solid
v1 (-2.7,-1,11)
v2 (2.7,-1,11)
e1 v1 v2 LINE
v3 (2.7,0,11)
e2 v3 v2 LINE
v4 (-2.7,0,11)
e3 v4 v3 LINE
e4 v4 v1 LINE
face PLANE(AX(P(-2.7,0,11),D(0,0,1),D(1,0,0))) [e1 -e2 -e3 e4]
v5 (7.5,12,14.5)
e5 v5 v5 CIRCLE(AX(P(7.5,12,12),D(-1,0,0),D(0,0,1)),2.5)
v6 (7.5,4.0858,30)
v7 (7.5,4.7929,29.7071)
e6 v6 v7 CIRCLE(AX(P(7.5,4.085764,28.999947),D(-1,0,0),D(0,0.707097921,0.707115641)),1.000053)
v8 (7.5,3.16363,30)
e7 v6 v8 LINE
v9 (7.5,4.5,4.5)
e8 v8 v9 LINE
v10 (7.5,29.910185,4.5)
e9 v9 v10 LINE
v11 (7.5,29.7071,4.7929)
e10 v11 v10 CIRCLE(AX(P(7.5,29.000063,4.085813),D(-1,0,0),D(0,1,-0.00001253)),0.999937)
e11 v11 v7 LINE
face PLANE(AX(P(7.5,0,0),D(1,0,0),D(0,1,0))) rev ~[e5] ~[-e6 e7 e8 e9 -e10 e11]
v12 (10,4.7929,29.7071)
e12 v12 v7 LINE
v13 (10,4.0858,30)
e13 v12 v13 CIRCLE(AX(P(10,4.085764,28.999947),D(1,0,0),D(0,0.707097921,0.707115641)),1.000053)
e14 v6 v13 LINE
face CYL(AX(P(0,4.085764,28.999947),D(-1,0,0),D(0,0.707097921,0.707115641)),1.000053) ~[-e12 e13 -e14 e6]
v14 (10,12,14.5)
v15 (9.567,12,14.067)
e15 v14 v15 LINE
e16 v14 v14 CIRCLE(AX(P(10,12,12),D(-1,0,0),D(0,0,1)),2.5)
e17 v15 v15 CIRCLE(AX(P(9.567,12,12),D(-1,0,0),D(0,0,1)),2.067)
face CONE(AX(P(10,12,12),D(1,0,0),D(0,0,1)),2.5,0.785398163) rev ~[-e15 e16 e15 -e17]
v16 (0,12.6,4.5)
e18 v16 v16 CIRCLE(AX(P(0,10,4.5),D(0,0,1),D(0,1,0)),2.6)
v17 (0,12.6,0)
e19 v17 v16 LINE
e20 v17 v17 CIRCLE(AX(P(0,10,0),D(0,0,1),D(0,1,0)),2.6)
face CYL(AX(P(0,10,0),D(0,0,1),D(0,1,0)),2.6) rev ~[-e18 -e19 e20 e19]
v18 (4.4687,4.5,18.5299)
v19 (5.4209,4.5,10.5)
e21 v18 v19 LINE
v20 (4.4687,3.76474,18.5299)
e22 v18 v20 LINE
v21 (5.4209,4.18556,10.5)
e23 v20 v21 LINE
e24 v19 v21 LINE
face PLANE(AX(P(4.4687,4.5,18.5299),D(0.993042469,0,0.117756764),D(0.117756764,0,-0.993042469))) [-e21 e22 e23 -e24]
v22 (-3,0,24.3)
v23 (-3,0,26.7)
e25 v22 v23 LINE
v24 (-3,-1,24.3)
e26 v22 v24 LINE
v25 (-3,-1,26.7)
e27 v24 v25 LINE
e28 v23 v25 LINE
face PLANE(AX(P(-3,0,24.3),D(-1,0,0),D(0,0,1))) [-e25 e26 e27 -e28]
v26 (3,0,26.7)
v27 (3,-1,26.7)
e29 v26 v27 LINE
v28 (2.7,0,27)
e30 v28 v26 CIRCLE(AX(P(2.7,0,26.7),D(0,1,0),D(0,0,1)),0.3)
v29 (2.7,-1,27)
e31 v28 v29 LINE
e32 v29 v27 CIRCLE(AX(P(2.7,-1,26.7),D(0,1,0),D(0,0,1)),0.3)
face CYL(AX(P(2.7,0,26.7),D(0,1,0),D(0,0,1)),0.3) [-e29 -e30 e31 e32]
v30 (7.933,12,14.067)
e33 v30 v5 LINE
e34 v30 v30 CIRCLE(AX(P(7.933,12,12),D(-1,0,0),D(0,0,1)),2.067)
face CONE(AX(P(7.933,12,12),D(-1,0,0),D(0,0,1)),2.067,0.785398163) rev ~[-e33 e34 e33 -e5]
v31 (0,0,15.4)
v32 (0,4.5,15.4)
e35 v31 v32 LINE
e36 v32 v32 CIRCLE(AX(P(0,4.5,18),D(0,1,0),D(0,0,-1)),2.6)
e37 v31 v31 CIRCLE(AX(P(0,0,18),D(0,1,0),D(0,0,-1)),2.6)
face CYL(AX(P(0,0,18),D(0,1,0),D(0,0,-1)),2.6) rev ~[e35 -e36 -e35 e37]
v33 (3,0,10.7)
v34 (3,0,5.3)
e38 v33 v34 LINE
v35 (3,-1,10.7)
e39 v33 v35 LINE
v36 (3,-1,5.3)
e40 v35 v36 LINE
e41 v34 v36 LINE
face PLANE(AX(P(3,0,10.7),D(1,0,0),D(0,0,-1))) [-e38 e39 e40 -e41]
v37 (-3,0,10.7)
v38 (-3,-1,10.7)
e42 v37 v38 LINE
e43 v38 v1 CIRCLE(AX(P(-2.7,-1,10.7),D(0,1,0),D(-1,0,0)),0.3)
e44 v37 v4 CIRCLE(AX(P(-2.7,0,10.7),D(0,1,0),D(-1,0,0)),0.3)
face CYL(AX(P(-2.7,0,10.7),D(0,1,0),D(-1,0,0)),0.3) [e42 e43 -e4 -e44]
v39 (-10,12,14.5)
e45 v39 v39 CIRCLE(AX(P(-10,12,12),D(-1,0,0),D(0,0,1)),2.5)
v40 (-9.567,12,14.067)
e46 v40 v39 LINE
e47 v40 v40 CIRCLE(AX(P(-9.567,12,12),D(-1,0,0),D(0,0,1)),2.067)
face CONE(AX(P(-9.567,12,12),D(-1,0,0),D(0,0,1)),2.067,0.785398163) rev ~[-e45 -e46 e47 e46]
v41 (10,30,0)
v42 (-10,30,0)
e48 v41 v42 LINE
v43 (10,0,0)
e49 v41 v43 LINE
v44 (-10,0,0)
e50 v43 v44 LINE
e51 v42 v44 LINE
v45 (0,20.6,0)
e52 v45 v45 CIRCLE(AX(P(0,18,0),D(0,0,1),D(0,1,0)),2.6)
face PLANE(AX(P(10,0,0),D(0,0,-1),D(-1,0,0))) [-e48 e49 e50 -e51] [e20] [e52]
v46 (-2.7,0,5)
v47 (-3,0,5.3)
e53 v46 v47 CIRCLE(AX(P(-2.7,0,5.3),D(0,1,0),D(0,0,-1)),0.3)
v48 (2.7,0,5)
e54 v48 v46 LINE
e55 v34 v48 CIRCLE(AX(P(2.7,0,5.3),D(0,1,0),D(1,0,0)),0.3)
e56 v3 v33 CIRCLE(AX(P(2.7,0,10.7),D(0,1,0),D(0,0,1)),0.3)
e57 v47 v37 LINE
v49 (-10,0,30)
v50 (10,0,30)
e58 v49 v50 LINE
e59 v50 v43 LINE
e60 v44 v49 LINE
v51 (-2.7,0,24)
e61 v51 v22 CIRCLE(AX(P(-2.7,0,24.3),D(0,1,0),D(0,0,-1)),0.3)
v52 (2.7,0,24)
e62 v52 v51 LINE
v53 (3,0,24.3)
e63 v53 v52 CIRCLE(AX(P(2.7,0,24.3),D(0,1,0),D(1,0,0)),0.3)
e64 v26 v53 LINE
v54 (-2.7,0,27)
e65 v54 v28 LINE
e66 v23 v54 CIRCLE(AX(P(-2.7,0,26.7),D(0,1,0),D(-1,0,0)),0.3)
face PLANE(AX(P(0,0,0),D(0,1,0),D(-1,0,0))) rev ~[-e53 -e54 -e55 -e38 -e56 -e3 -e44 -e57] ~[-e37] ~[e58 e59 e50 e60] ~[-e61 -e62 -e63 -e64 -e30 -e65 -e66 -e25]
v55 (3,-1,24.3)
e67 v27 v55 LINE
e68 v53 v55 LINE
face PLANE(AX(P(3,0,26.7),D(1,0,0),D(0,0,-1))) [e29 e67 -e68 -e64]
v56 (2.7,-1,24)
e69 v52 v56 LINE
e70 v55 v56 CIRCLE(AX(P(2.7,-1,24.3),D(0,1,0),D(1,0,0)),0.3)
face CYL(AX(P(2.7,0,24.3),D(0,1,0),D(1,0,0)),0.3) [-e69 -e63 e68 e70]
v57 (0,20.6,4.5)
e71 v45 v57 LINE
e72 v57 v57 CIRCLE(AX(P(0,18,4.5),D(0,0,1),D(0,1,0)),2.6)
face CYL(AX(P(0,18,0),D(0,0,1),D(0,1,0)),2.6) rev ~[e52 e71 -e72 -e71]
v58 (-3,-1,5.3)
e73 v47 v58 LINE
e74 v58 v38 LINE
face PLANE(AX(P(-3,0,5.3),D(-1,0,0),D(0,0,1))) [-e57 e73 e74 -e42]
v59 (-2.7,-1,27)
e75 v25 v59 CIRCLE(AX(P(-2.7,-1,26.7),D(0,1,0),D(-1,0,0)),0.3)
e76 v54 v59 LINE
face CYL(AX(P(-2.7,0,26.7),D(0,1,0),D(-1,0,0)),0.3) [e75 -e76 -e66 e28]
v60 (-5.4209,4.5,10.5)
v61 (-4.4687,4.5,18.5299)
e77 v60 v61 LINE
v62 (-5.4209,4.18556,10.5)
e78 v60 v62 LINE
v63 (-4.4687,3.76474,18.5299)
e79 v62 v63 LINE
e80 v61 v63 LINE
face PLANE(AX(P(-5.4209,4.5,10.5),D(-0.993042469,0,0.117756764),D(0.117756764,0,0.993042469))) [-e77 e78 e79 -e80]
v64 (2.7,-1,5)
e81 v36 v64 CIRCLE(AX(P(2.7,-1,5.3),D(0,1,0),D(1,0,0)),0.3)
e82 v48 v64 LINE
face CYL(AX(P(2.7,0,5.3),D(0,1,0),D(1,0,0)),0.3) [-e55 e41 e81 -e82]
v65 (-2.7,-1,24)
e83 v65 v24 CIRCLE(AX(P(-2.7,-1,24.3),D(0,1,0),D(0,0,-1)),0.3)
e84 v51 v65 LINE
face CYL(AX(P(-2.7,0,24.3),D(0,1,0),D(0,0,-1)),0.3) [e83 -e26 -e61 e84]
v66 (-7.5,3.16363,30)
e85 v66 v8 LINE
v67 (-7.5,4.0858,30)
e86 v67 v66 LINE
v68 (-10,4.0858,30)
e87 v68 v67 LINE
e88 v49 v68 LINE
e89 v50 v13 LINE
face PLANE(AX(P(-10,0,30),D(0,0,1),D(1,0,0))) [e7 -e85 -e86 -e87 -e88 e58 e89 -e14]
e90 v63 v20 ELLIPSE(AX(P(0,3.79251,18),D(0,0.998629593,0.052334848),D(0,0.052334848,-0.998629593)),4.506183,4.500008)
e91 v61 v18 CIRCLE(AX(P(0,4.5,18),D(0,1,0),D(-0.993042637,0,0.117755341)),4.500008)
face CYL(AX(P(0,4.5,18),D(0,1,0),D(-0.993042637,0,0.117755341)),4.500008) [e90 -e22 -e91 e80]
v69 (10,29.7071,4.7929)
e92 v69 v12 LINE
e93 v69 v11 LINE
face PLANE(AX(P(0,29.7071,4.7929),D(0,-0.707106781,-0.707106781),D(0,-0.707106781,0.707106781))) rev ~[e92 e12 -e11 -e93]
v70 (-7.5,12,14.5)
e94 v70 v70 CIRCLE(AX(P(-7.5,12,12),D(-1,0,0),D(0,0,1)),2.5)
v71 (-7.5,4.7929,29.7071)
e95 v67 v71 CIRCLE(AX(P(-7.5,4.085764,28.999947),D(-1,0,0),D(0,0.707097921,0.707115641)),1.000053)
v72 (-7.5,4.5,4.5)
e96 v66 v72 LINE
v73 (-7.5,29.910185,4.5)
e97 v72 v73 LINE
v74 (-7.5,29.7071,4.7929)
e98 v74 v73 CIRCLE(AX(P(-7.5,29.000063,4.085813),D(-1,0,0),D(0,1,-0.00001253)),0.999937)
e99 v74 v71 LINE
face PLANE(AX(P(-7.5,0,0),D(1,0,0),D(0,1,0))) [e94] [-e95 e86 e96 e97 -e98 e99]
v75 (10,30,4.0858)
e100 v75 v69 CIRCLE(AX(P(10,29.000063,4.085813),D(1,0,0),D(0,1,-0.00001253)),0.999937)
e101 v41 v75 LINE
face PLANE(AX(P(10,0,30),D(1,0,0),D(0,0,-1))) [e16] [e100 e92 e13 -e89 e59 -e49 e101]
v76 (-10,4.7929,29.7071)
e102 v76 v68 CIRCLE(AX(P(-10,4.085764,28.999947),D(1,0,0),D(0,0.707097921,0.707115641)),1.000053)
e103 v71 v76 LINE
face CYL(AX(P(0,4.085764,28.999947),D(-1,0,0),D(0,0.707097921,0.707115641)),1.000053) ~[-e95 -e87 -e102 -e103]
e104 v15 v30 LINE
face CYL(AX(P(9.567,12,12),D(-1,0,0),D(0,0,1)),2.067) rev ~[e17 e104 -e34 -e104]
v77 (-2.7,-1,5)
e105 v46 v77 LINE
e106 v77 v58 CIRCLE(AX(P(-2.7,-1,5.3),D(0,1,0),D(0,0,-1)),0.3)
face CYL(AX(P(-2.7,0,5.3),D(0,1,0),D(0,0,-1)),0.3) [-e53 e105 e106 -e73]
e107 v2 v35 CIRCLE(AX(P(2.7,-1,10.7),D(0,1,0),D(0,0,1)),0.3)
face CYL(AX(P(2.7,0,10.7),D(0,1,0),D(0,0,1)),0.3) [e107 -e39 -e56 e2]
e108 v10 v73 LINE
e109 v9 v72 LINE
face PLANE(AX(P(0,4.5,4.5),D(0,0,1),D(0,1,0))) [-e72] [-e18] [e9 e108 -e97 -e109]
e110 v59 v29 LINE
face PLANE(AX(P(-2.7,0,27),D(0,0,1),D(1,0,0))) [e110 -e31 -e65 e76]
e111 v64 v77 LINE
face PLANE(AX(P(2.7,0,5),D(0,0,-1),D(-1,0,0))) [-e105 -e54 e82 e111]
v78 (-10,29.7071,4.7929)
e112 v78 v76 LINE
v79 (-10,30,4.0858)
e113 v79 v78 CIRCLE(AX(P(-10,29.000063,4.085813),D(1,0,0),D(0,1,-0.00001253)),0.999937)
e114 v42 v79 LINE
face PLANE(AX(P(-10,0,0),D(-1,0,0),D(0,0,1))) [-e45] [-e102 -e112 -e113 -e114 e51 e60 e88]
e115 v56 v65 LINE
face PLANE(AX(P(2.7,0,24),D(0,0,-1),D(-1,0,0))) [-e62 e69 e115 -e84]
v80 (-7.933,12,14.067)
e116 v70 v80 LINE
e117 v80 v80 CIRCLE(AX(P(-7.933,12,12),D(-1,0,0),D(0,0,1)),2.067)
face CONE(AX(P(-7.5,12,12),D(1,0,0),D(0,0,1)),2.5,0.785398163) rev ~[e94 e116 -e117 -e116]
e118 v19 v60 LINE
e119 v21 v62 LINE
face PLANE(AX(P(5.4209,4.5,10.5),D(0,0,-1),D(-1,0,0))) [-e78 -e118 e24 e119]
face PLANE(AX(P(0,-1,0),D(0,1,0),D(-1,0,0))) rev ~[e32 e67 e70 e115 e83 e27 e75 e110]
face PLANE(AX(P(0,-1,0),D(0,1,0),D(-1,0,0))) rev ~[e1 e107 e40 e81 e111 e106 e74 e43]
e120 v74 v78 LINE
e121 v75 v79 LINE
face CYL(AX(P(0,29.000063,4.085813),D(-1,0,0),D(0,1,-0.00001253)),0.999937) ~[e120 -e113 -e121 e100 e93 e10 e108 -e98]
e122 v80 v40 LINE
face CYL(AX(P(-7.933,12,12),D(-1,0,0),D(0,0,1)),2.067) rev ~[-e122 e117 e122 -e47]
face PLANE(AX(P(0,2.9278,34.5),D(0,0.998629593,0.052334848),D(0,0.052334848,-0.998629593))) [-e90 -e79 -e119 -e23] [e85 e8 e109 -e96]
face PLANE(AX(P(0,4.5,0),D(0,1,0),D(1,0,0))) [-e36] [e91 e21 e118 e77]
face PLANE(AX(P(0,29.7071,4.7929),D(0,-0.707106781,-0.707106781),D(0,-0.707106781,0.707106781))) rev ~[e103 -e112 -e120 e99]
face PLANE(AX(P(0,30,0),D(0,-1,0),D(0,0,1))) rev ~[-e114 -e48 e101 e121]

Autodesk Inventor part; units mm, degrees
sketch "Sketch_15" plane through (0, 0, 0) normal (1, 0, 0) x (0, 1, 0)
  line L0 (4.0858, 30) -> (0, 30)
  line L1 (0, 30) -> (0, 0)
  line L2 (0, 0) -> (30, 0)
  line L3 (30, 0) -> (30, 4.0858)
  arc A0 (30, 4.0858) -> (29.7071, 4.7929) centre (29, 4.0858) ccw
  line L4 (29.7071, 4.7929) -> (4.7929, 29.7071)
  arc A1 (4.7929, 29.7071) -> (4.0858, 30) centre (4.0858, 29) ccw
extrude "Extrusion1" add sketch "Sketch_15" along normal mid plane 20
sketch "Sketch_16" plane through (0, 0, 0) normal (1, 0, 0) x (0, 1, 0)
  line L0 (34.5, 34.5) -> (2.9278, 34.5)
  line L1 (2.9278, 34.5) -> (4.5, 4.5)
  line L2 (4.5, 4.5) -> (34.5, 4.5)
  line L3 (34.5, 4.5) -> (34.5, 34.5)
extrude "Extrusion2" cut sketch "Sketch_16" along normal mid plane 15
sketch "Sketch_17" plane through (0, 4.5, 0) normal (0, 1, 0) x (1, 0, 0)
  line L0 (-5.4209, -10.5) -> (-4.4687, -18.5299)
  arc A0 (-4.4687, -18.5299) -> (4.4687, -18.5299) centre (0, -18) ccw
  line L1 (4.4687, -18.5299) -> (5.4209, -10.5)
  line L2 (5.4209, -10.5) -> (-5.4209, -10.5)
extrude "Extrusion3" add sketch "Sketch_17" against normal blind 2.25
sketch "Sketch_18" plane through (0, 12, 0) normal (0, 1, 0) x (1, 0, 0)
  line L0 (7.5, -12) -> (10, -12)
  line L1 (10, -12) -> (10, -14.5)
  line L2 (10, -14.5) -> (9.567, -14.067)
  line L3 (9.567, -14.067) -> (7.933, -14.067)
  line L4 (7.933, -14.067) -> (7.5, -14.5)
  line L5 (7.5, -14.5) -> (7.5, -12)
  line L6 (7.5, -12) -> (10, -12)
revolve "Revolution1" cut sketch "Sketch_18" angle 360 about axis through (7.5, 12, 12) along (-1, 0, 0)
thread "Thread1" size "M5x0.8" class "6H" standard "ISO Metric profile" full length
sketch "Sketch_19" plane through (0, 12, 0) normal (0, 1, 0) x (1, 0, 0)
  line L0 (-10, -12) -> (-7.5, -12)
  line L1 (-7.5, -12) -> (-7.5, -14.5)
  line L2 (-7.5, -14.5) -> (-7.933, -14.067)
  line L3 (-7.933, -14.067) -> (-9.567, -14.067)
  line L4 (-9.567, -14.067) -> (-10, -14.5)
  line L5 (-10, -14.5) -> (-10, -12)
  line L6 (-10, -12) -> (-7.5, -12)
revolve "Revolution2" cut sketch "Sketch_19" angle 360 about axis through (-10, 12, 12) along (-1, 0, 0)
thread "Thread2" size "M5x0.8" class "6H" standard "ISO Metric profile" full length
sketch "Sketch6" plane through (10, 30, 0) normal (0, 0, -1) x (-1, 0, 0)
  point P0 (10, -12)
hole "Hole1" at (0, 18, 0) direction (0, 0, 1) diameter 5.2 depth 4.5
sketch "Sketch7" plane through (10, 30, 0) normal (0, 0, -1) x (-1, 0, 0)
  point P0 (10, -20)
hole "Hole2" at (0, 10, 0) direction (0, 0, 1) diameter 5.2 depth 4.5
sketch "Sketch8" plane through (-10, 0, 0) normal (0, -1, 0) x (1, 0, 0)
  point P0 (10, 18)
hole "Hole3" at (0, 0, 18) direction (0, 1, 0) diameter 5.2 depth 4.5
sketch "Sketch_1" plane through (0, 0, 0) normal (0, 1, 0) x (-1, 0, 0)
  line L0 (10, 30) -> (-10, 30)
  line L1 (-10, 30) -> (-10, 0)
  line L2 (-10, 0) -> (10, 0)
  line L3 (10, 0) -> (10, 30)
extrude "Extrusion4" add sketch "Sketch_1" against normal blind 1
sketch "Sketch_4" plane through (0, 0, 0) normal (0, 1, 0) x (-1, 0, 0)
  line L0 (10, 30) -> (-10, 30)
  line L1 (-10, 30) -> (-10, 0)
  line L2 (-10, 0) -> (10, 0)
  line L3 (10, 0) -> (10, 30)
  line L4 (3, 24.3) -> (3, 26.7)
  arc A0 (3, 26.7) -> (2.7, 27) centre (2.7, 26.7) ccw
  line L5 (2.7, 27) -> (-2.7, 27)
  arc A1 (-2.7, 27) -> (-3, 26.7) centre (-2.7, 26.7) ccw
  line L6 (-3, 26.7) -> (-3, 24.3)
  arc A2 (-3, 24.3) -> (-2.7, 24) centre (-2.7, 24.3) ccw
  line L7 (-2.7, 24) -> (2.7, 24)
  arc A3 (2.7, 24) -> (3, 24.3) centre (2.7, 24.3) ccw
  line L8 (3, 5.3) -> (3, 10.7)
  arc A4 (3, 10.7) -> (2.7, 11) centre (2.7, 10.7) ccw
  line L9 (2.7, 11) -> (-2.7, 11)
  arc A5 (-2.7, 11) -> (-3, 10.7) centre (-2.7, 10.7) ccw
  line L10 (-3, 10.7) -> (-3, 5.3)
  arc A6 (-3, 5.3) -> (-2.7, 5) centre (-2.7, 5.3) ccw
  line L11 (-2.7, 5) -> (2.7, 5)
  arc A7 (2.7, 5) -> (3, 5.3) centre (2.7, 5.3) ccw
extrude "Extrusion5" cut sketch "Sketch_4" against normal blind 1
ref_plane "bracket_to_bolt_XY" through (1, 10, 0) normal (0, 0, 1) x (1, 0, 0)
ref_plane "bracket_to_bolt_YZ" through (1, 10, 0) normal (1, 0, 0) x (0, 1, 0)
ref_plane "bracket_to_bolt_ZX" through (1, 10, 0) normal (0, 1, 0) x (0, 0, 1)
ref_plane "bracket_to_dummy_XY" through (0, 0, 0) normal (0, 1, 0) x (1, 0, 0)
ref_plane "bracket_to_dummy_YZ" through (0, 0, 0) normal (1, 0, 0) x (0, 0, -1)
ref_plane "bracket_to_dummy_ZX" through (0, 0, 0) normal (0, 0, -1) x (0, 1, 0)
ref_plane "to_bolt_4_7_base_XY" through (0, 4.5, 18) normal (0, 1, 0) x (1, 0, 0)
ref_plane "to_bolt_4_7_base_YZ" through (0, 4.5, 18) normal (1, 0, 0) x (0, 0, -1)
ref_plane "to_bolt_4_7_base_ZX" through (0, 4.5, 18) normal (0, 0, -1) x (0, 1, 0)
ref_plane "to_bolt_row_4_to_7_XY" through (0, 18, 4.5) normal (0, 0, 1) x (1, 0, 0)
ref_plane "to_bolt_row_4_to_7_YZ" through (0, 18, 4.5) normal (1, 0, 0) x (0, 1, 0)
ref_plane "to_bolt_row_4_to_7_ZX" through (0, 18, 4.5) normal (0, 1, 0) x (0, 0, 1)
ref_plane "to_nut_base_4_7_XY" through (0, -2, 18) normal (0, 1, 0) x (1, 0, 0)
ref_plane "to_nut_base_4_7_YZ" through (0, -2, 18) normal (1, 0, 0) x (0, 0, -1)
ref_plane "to_nut_base_4_7_ZX" through (0, -2, 18) normal (0, 0, -1) x (0, 1, 0)
ref_plane "to_nut_row_4_to_7_XY" through (0, 18, -2) normal (0, 0, 1) x (1, 0, 0)
ref_plane "to_nut_row_4_to_7_YZ" through (0, 18, -2) normal (1, 0, 0) x (0, 1, 0)
ref_plane "to_nut_row_4_to_7_ZX" through (0, 18, -2) normal (0, 1, 0) x (0, 0, 1)
properties part number "HBLFSNK5-C-SEPh5"
